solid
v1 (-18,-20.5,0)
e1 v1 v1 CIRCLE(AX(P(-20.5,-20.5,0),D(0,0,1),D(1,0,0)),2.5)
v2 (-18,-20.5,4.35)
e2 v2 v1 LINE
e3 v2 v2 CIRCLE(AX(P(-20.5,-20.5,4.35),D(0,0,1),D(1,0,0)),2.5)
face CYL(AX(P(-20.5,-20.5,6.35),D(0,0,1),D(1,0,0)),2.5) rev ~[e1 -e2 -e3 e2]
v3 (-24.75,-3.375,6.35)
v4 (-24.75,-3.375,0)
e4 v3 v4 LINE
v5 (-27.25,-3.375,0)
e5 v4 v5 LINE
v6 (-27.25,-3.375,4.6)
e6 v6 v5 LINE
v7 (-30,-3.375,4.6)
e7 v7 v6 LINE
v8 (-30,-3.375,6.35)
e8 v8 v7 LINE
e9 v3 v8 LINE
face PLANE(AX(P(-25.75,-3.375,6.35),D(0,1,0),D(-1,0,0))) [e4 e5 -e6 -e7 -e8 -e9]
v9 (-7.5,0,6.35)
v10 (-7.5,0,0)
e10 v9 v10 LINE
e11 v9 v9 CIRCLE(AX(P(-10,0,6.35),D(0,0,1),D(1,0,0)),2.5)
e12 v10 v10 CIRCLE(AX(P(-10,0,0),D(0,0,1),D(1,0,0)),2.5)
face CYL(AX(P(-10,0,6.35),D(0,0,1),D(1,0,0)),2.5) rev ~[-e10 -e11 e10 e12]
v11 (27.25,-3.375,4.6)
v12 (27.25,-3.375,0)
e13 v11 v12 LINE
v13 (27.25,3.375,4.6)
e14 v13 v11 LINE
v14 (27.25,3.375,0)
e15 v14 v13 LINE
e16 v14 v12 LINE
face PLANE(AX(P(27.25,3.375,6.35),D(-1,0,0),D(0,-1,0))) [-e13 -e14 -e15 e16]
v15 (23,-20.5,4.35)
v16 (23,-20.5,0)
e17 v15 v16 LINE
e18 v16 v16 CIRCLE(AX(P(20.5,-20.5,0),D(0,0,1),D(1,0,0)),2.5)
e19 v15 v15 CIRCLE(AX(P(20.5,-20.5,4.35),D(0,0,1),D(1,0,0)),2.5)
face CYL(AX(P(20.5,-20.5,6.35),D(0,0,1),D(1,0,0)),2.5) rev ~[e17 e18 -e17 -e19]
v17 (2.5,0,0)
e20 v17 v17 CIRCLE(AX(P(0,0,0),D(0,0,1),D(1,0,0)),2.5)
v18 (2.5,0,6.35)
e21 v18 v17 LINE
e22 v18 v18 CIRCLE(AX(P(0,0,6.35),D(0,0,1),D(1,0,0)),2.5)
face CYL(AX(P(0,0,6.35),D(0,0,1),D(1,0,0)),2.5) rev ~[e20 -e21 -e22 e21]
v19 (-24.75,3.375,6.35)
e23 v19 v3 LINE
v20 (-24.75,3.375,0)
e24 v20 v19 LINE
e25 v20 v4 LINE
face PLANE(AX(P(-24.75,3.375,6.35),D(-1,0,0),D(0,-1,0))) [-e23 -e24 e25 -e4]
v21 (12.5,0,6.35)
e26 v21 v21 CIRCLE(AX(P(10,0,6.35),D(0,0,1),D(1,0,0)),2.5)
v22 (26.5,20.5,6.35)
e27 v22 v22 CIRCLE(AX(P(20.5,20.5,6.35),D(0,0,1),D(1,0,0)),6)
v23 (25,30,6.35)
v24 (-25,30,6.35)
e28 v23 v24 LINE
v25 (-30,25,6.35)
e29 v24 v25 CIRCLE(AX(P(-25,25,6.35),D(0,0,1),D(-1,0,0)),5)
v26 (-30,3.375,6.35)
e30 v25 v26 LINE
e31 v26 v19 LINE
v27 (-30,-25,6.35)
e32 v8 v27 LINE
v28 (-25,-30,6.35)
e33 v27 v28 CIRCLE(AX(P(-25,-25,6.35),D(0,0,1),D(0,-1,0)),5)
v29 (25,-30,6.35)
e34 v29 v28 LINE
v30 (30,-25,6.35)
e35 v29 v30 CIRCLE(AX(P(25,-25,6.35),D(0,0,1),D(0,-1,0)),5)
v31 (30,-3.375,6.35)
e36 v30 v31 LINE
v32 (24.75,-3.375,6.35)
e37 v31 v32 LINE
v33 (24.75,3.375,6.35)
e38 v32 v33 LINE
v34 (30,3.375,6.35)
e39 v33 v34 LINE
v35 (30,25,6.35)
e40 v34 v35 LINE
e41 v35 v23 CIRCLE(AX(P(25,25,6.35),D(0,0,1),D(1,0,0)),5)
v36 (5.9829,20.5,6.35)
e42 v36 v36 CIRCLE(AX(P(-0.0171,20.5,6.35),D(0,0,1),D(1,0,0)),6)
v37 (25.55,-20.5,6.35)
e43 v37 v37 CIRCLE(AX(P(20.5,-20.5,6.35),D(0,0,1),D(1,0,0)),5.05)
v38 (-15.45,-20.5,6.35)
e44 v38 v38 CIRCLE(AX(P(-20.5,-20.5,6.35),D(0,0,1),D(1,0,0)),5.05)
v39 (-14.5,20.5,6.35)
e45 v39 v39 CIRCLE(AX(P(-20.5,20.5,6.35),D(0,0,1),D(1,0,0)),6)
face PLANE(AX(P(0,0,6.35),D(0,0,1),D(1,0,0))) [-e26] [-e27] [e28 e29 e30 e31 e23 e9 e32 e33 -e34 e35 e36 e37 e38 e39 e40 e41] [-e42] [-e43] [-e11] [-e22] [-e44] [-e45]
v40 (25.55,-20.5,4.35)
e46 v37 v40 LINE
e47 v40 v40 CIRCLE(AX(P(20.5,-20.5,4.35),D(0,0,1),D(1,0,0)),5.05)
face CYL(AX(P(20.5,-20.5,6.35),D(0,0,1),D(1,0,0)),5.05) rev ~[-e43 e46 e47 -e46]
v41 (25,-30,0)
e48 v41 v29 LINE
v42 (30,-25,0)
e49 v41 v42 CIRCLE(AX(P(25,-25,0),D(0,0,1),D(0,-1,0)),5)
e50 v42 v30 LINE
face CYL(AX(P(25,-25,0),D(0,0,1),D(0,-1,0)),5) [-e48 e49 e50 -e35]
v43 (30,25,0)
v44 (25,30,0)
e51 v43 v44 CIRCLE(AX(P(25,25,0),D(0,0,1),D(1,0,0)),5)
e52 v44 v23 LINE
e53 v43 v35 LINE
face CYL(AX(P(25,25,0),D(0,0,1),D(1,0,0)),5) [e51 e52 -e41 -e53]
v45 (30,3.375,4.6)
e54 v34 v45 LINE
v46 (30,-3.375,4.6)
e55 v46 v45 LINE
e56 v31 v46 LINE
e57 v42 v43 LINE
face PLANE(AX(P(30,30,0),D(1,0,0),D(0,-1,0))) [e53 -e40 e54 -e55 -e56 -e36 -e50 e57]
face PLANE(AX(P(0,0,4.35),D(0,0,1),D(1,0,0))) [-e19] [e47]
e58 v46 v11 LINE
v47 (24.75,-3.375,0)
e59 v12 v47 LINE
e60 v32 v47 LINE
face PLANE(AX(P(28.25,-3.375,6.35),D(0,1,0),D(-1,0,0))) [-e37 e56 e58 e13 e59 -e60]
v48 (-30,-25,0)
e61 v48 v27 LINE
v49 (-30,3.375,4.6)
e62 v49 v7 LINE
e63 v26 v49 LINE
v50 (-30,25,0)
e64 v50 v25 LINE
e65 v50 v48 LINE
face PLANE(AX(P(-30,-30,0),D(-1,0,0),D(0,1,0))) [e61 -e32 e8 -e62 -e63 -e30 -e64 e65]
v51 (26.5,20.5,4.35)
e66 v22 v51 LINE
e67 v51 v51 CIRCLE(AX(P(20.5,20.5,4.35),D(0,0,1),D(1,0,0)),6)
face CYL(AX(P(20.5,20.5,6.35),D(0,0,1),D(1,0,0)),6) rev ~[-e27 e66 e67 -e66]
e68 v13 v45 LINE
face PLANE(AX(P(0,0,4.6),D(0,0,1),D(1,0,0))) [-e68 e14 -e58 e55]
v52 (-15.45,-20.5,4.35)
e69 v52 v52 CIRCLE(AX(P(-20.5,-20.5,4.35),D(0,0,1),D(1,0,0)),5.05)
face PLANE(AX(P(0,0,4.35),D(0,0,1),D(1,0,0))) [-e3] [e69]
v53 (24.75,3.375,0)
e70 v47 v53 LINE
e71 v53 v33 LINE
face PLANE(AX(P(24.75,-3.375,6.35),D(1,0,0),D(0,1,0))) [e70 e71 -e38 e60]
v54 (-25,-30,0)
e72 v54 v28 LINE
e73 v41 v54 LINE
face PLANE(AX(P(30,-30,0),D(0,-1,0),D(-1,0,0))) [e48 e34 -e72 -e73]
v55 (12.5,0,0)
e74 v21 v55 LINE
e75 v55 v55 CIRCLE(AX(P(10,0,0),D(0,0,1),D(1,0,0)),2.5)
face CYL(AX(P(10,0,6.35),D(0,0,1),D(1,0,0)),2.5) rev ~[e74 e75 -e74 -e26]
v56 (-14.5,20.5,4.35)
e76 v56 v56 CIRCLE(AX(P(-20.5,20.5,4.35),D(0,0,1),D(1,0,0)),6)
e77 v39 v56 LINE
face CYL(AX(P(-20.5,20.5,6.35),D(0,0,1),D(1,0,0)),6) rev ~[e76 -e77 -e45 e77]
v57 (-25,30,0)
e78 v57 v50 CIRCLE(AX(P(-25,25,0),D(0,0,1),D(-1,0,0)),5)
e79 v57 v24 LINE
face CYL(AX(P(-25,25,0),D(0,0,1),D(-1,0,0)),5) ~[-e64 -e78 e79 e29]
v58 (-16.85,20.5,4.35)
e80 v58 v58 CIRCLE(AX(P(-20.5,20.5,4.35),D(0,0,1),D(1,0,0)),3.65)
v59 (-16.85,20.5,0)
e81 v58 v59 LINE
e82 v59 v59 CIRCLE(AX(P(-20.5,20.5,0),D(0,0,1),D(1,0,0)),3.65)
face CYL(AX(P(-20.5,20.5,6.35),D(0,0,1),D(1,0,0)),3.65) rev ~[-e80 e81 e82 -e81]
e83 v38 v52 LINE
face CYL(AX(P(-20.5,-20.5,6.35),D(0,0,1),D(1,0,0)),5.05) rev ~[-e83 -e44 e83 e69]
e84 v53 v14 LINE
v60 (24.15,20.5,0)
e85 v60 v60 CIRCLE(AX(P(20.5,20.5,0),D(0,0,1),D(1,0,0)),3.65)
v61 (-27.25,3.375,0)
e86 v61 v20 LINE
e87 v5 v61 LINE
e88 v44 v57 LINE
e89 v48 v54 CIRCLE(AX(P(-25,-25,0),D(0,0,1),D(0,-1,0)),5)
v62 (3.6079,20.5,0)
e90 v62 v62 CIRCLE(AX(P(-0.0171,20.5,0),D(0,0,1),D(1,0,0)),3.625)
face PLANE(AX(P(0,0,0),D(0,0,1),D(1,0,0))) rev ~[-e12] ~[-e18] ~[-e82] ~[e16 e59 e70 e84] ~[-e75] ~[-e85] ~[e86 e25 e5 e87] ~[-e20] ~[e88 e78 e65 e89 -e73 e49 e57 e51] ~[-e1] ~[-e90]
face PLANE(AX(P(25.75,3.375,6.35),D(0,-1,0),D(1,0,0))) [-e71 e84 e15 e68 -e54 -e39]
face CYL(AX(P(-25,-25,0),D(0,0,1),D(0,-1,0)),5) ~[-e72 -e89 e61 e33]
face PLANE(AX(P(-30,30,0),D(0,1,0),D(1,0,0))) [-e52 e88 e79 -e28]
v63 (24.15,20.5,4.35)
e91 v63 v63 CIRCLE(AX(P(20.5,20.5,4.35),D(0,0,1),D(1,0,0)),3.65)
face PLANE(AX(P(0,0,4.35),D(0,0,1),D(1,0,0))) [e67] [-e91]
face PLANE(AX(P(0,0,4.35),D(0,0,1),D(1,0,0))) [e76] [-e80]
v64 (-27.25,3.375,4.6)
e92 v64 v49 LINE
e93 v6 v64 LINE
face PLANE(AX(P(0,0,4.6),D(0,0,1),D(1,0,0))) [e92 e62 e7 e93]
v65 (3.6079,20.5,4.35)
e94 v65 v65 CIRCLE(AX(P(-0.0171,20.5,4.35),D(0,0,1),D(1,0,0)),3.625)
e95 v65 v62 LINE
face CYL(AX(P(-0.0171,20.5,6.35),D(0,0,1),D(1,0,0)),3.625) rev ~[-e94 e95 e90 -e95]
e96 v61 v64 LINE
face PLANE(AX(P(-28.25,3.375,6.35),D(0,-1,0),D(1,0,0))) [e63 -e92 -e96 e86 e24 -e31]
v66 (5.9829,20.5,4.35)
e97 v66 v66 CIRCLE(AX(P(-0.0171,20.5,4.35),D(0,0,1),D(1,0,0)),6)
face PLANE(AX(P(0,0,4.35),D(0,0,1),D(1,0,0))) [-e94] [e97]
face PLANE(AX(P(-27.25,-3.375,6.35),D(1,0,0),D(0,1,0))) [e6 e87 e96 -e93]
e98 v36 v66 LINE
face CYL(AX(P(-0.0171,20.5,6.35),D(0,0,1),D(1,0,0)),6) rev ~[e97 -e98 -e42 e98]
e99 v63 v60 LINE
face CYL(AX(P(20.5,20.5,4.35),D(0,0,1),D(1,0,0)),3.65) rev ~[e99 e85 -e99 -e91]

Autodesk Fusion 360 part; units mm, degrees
sketch "Sketch1" plane through (0, 0, 0) normal (0, 0, 1) x (1, 0, 0)
  line L0 (30, -30) -> (-30, -30)
  line L1 (-30, -30) -> (-30, 30)
  line L2 (-30, 30) -> (30, 30)
  line L3 (30, 30) -> (30, -30)
  line L4 (30, -30) -> (-30, 30) construction
  line L5 (-30, -30) -> (30, 30) construction
  dimension "d1" = 60
  dimension "d2" = 60
extrude "Extrude1" add sketch "Sketch1" along normal blind 6.35
sketch "Sketch2" plane through (0, 0, 6.35) normal (0, 0, 1) x (1, 0, 0)
  line L0 (30, 30) -> (-30, 30)
  line L1 (-30, 30) -> (-30, -30)
  line L2 (-30, -30) -> (30, -30)
  line L3 (30, -30) -> (30, 30)
  line L4 (20.5, -20.5) -> (-20.5, -20.5)
  line L5 (-20.5, -20.5) -> (-20.5, 20.5)
  line L6 (-20.5, 20.5) -> (20.5, 20.5)
  line L7 (20.5, 20.5) -> (20.5, -20.5)
  line L8 (20.5, -20.5) -> (-20.5, 20.5) construction
  line L9 (-20.5, -20.5) -> (20.5, 20.5) construction
  circle A0 centre (-20.5, 20.5) radius 3.575
  circle A1 centre (20.5, 20.5) radius 3.575
  circle A2 centre (20.5, -20.5) radius 2.5
  circle A3 centre (-20.5, -20.5) radius 2.5
  dimension "d5" = 41
  dimension "d6" = 41
  dimension "d7" = 7.15
  dimension "d8" = 7.15
  dimension "d9" = 5
  dimension "d10" = 5
extrude "Extrude2" cut sketch "Sketch2" against normal through all contours L4 L5 A3 | L4 L5 A3 | L4 L7 A2 | L4 L7 A2 | L5 L6 A0 | L5 L6 A0 | L6 L7 A1 | L6 L7 A1
sketch "Sketch3" plane through (0, 0, 6.35) normal (0, 0, 1) x (1, 0, 0)
  circle A0 centre (-20.5, -20.5) radius 2.5
  circle A1 centre (-20.5, 20.5) radius 3.575
  circle A2 centre (20.5, -20.5) radius 2.5
  circle A3 centre (20.5, 20.5) radius 3.575
  line L0 (30, 30) -> (-30, 30)
  line L1 (-30, 30) -> (-30, -30)
  line L2 (-30, -30) -> (30, -30)
  line L3 (30, -30) -> (30, 30)
  circle A4 centre (-20.5, -20.5) radius 5.05
  circle A5 centre (20.5, -20.5) radius 5.05
  circle A6 centre (20.5, 20.5) radius 5.05
  circle A7 centre (-20.5, 20.5) radius 5.05
  dimension "d12" = 10.1
  dimension "d13" = 10.1
  dimension "d14" = 10.1
  dimension "d15" = 10.1
extrude "Extrude3" cut sketch "Sketch3" against normal blind 2 contours A4 | A5 | A6 | A7
fillet "Fillet1" radius 5 2 edges at (30, -30, 3.175) (30, 30, 3.175)
fillet "Fillet2" radius 5 2 edges at (-30, 30, 3.175) (-30, -30, 3.175)
sketch "Sketch4" plane through (0, 0, 6.35) normal (0, 0, 1) x (1, 0, 0)
  arc A0 (-30, -25) -> (-25, -30) centre (-25, -25) ccw
  line L0 (-25, -30) -> (25, -30)
  arc A1 (25, -30) -> (30, -25) centre (25, -25) ccw
  line L1 (30, -25) -> (30, 25)
  arc A2 (30, 25) -> (25, 30) centre (25, 25) ccw
  line L2 (25, 30) -> (-25, 30)
  arc A3 (-25, 30) -> (-30, 25) centre (-25, 25) ccw
  line L3 (-30, 25) -> (-30, -25)
  circle A4 centre (20.5, 20.5) radius 5.05
  circle A5 centre (20.5, -20.5) radius 5.05
  circle A6 centre (-20.5, 20.5) radius 5.05
  circle A7 centre (-20.5, -20.5) radius 5.05
  circle A8 centre (0, 0) radius 2.5
  circle A9 centre (10, 0) radius 2.5
  circle A10 centre (-10, 0) radius 2.5
  line L4 (-25.75, -3.375) -> (-28.25, -3.375)
  line L5 (-28.25, -3.375) -> (-28.25, 3.375)
  line L6 (-28.25, 3.375) -> (-25.75, 3.375)
  line L7 (-25.75, 3.375) -> (-25.75, -3.375)
  line L8 (-25.75, -3.375) -> (-28.25, 3.375) construction
  line L9 (-28.25, -3.375) -> (-25.75, 3.375) construction
  line L10 (28.25, -3.375) -> (25.75, -3.375)
  line L11 (25.75, -3.375) -> (25.75, 3.375)
  line L12 (25.75, 3.375) -> (28.25, 3.375)
  line L13 (28.25, 3.375) -> (28.25, -3.375)
  line L14 (28.25, -3.375) -> (25.75, 3.375) construction
  line L15 (25.75, -3.375) -> (28.25, 3.375) construction
  point P0 (-27, 0)
  point P1 (27, 0)
  dimension "d20" = 5
  dimension "d21" = 5
  dimension "d22" = 5
  dimension "d23" = 6.75
  dimension "d24" = 2.5
  dimension "d25" = 6.75
  dimension "d26" = 2.5
extrude "Extrude4" cut sketch "Sketch4" against normal through all contours A8 | A9 | A10 | L4 L5 L6 L7 | L10 L11 L12 L13
sketch "Sketch5" plane through (0, 0, 6.35) normal (0, 0, 1) x (1, 0, 0)
  circle A0 centre (0, 0) radius 2.5
  circle A1 centre (-10, 0) radius 2.5
  circle A2 centre (10, 0) radius 2.5
  line L0 (-25.75, 3.375) -> (-25.75, -3.375)
  line L1 (-25.75, -3.375) -> (-28.25, -3.375)
  line L2 (-28.25, -3.375) -> (-28.25, 3.375)
  line L3 (-28.25, 3.375) -> (-25.75, 3.375)
  line L4 (28.25, 3.375) -> (28.25, -3.375)
  line L5 (28.25, -3.375) -> (25.75, -3.375)
  line L6 (25.75, -3.375) -> (25.75, 3.375)
  line L7 (25.75, 3.375) -> (28.25, 3.375)
  arc A3 (-30, -25) -> (-25, -30) centre (-25, -25) ccw
  line L8 (-25, -30) -> (25, -30)
  arc A4 (25, -30) -> (30, -25) centre (25, -25) ccw
  line L9 (30, -25) -> (30, 25)
  arc A5 (30, 25) -> (25, 30) centre (25, 25) ccw
  line L10 (25, 30) -> (-25, 30)
  arc A6 (-25, 30) -> (-30, 25) centre (-25, 25) ccw
  line L11 (-30, 25) -> (-30, -25)
  circle A7 centre (20.5, 20.5) radius 5.05
  circle A8 centre (20.5, -20.5) radius 5.05
  circle A9 centre (-20.5, 20.5) radius 5.05
  circle A10 centre (-20.5, -20.5) radius 5.05
  circle A11 centre (-20.5, 20.5) radius 6
  circle A12 centre (20.5, 20.5) radius 6
  dimension "d28" = 12
  dimension "d29" = 12
extrude "Extrude5" cut sketch "Sketch5" against normal blind 2 contours A11 | A12
sketch "Sketch6" plane through (0, 0, 6.35) normal (0, 0, 1) x (1, 0, 0)
  circle A0 centre (-20.5, 20.5) radius 6
  circle A1 centre (20.5, 20.5) radius 6
  circle A2 centre (0, 0) radius 2.5
  circle A3 centre (-10, 0) radius 2.5
  circle A4 centre (10, 0) radius 2.5
  line L0 (-25.75, 3.375) -> (-25.75, -3.375)
  line L1 (-25.75, -3.375) -> (-28.25, -3.375)
  line L2 (-28.25, -3.375) -> (-28.25, 3.375)
  line L3 (-28.25, 3.375) -> (-25.75, 3.375)
  line L4 (28.25, 3.375) -> (28.25, -3.375)
  line L5 (28.25, -3.375) -> (25.75, -3.375)
  line L6 (25.75, -3.375) -> (25.75, 3.375)
  line L7 (25.75, 3.375) -> (28.25, 3.375)
  arc A5 (-30, -25) -> (-25, -30) centre (-25, -25) ccw
  line L8 (-25, -30) -> (25, -30)
  arc A6 (25, -30) -> (30, -25) centre (25, -25) ccw
  line L9 (30, -25) -> (30, 25)
  arc A7 (30, 25) -> (25, 30) centre (25, 25) ccw
  line L10 (25, 30) -> (-25, 30)
  arc A8 (-25, 30) -> (-30, 25) centre (-25, 25) ccw
  line L11 (-30, 25) -> (-30, -25)
  circle A9 centre (20.5, -20.5) radius 5.05
  circle A10 centre (-20.5, -20.5) radius 5.05
  circle A11 centre (-20.5, 20.5) radius 3.65
  circle A12 centre (20.5, 20.5) radius 3.65
  dimension "d32" = 7.3
  dimension "d33" = 7.3
extrude "Extrude6" cut sketch "Sketch6" against normal through all contours A11
sketch "Sketch7" plane through (0, 0, 4.35) normal (0, 0, 1) x (1, 0, 0)
  circle A0 centre (20.5, 20.5) radius 6
  circle A1 centre (20.5, 20.5) radius 3.575
  circle A2 centre (20.5, 20.5) radius 3.65
  dimension "d35" = 7.3
extrude "Extrude7" cut sketch "Sketch7" against normal through all contours A2
move_face "OffsetFaces1" offset -1 1 faces at (-25.75, 1.125, 4.2333)
move_face "OffsetFaces2" offset 1 1 faces at (28.25, -1.125, 2.1167)
move_face "OffsetFaces3" offset 1 1 faces at (-28.25, 1.125, 2.1167)
move_face "OffsetFaces4" offset -1 1 faces at (25.75, 1.125, 2.1167)
sketch "Sketch9" plane through (0, 0, 6.35) normal (0, 0, 1) x (1, 0, 0)
  circle A0 centre (-20.5, 20.5) radius 6
  circle A1 centre (20.5, 20.5) radius 6
  circle A2 centre (0, 0) radius 2.5
  circle A3 centre (-10, 0) radius 2.5
  circle A4 centre (10, 0) radius 2.5
  line L0 (-24.75, 3.375) -> (-24.75, -3.375)
  line L1 (-24.75, -3.375) -> (-27.25, -3.375)
  line L2 (-27.25, -3.375) -> (-27.25, 3.375)
  line L3 (-27.25, 3.375) -> (-24.75, 3.375)
  line L4 (27.25, 3.375) -> (27.25, -3.375)
  line L5 (27.25, -3.375) -> (24.75, -3.375)
  line L6 (24.75, -3.375) -> (24.75, 3.375)
  line L7 (24.75, 3.375) -> (27.25, 3.375)
  arc A5 (-30, -25) -> (-25, -30) centre (-25, -25) ccw
  line L8 (-25, -30) -> (25, -30)
  arc A6 (25, -30) -> (30, -25) centre (25, -25) ccw
  line L9 (30, -25) -> (30, 25)
  arc A7 (30, 25) -> (25, 30) centre (25, 25) ccw
  line L10 (25, 30) -> (-25, 30)
  arc A8 (-25, 30) -> (-30, 25) centre (-25, 25) ccw
  line L11 (-30, 25) -> (-30, -25)
  circle A9 centre (20.5, -20.5) radius 5.05
  circle A10 centre (-20.5, -20.5) radius 5.05
  line L12 (-27.25, 3.375) -> (-30, 3.375)
  line L13 (-30, 3.375) -> (-30, -3.375)
  line L14 (-30, -3.375) -> (-27.25, -3.375)
  line L15 (-27.25, -3.375) -> (-27.25, 3.375)
  circle A11 centre (-0.0171, 20.5) radius 3.625
  dimension "d48" = 6.75
  dimension "d51" = 7.25
extrude "Extrude9" cut sketch "Sketch9" against normal blind 1.75 contours L2 L11 L12 L13 L14 L15
sketch "Sketch10" plane through (0, 0, 6.35) normal (0, 0, 1) x (1, 0, 0)
  line L0 (-30, -3.375) -> (-30, -25)
  arc A0 (-30, -25) -> (-25, -30) centre (-25, -25) ccw
  line L1 (-25, -30) -> (25, -30)
  arc A1 (25, -30) -> (30, -25) centre (25, -25) ccw
  line L2 (30, -25) -> (30, 25)
  arc A2 (30, 25) -> (25, 30) centre (25, 25) ccw
  line L3 (25, 30) -> (-25, 30)
  arc A3 (-25, 30) -> (-30, 25) centre (-25, 25) ccw
  line L4 (-30, 25) -> (-30, 3.375)
  line L5 (-30, 3.375) -> (-24.75, 3.375)
  line L6 (-24.75, 3.375) -> (-24.75, -3.375)
  line L7 (-24.75, -3.375) -> (-30, -3.375)
  circle A4 centre (-20.5, 20.5) radius 6
  circle A5 centre (20.5, 20.5) radius 6
  circle A6 centre (0, 0) radius 2.5
  circle A7 centre (-10, 0) radius 2.5
  circle A8 centre (10, 0) radius 2.5
  line L8 (27.25, 3.375) -> (27.25, -3.375)
  line L9 (27.25, -3.375) -> (24.75, -3.375)
  line L10 (24.75, -3.375) -> (24.75, 3.375)
  line L11 (24.75, 3.375) -> (27.25, 3.375)
  circle A9 centre (20.5, -20.5) radius 5.05
  circle A10 centre (-20.5, -20.5) radius 5.05
  line L12 (27.25, 3.375) -> (30, 3.375)
  line L13 (30, 3.375) -> (30, -3.375)
  line L14 (30, -3.375) -> (27.25, -3.375)
  line L15 (27.25, -3.375) -> (27.25, 3.375)
  dimension "d45" = 6.75
extrude "Extrude10" cut sketch "Sketch10" against normal blind 1.75 contours L2 L8 L12 L13 L14 L15
extrude "Extrude11" cut sketch "Sketch9" against normal blind 1.75 contours L2 L11 L12 L13 L14 L15
extrude "Extrude12" cut sketch "Sketch9" against normal through all contours A11
sketch "Sketch11" plane through (0, 0, 6.35) normal (0, 0, 1) x (1, 0, 0)
  circle A0 centre (-0.0171, 20.5) radius 3.625
  line L0 (30, -3.375) -> (24.75, -3.375)
  line L1 (24.75, -3.375) -> (24.75, 3.375)
  line L2 (24.75, 3.375) -> (30, 3.375)
  line L3 (30, 3.375) -> (30, 25)
  arc A1 (30, 25) -> (25, 30) centre (25, 25) ccw
  line L4 (25, 30) -> (-25, 30)
  arc A2 (-25, 30) -> (-30, 25) centre (-25, 25) ccw
  line L5 (-30, 25) -> (-30, 3.375)
  line L6 (-30, 3.375) -> (-24.75, 3.375)
  line L7 (-24.75, 3.375) -> (-24.75, -3.375)
  line L8 (-24.75, -3.375) -> (-30, -3.375)
  line L9 (-30, -3.375) -> (-30, -25)
  arc A3 (-30, -25) -> (-25, -30) centre (-25, -25) ccw
  line L10 (-25, -30) -> (25, -30)
  arc A4 (25, -30) -> (30, -25) centre (25, -25) ccw
  line L11 (30, -25) -> (30, -3.375)
  circle A5 centre (-20.5, -20.5) radius 5.05
  circle A6 centre (20.5, -20.5) radius 5.05
  circle A7 centre (10, 0) radius 2.5
  circle A8 centre (-10, 0) radius 2.5
  circle A9 centre (0, 0) radius 2.5
  circle A10 centre (20.5, 20.5) radius 6
  circle A11 centre (-20.5, 20.5) radius 6
  circle A12 centre (-0.0171, 20.5) radius 6
  dimension "d53" = 12
extrude "Extrude13" cut sketch "Sketch11" against normal blind 2 contours A12
sketch "Sketch12" plane through (0, 0, 6.35) normal (0, 0, 1) x (1, 0, 0)
  circle A0 centre (-0.0171, 20.5) radius 6
  line L0 (30, -3.375) -> (24.75, -3.375)
  line L1 (24.75, -3.375) -> (24.75, 3.375)
  line L2 (24.75, 3.375) -> (30, 3.375)
  line L3 (30, 3.375) -> (30, 25)
  arc A1 (30, 25) -> (25, 30) centre (25, 25) ccw
  line L4 (25, 30) -> (-25, 30)
  arc A2 (-25, 30) -> (-30, 25) centre (-25, 25) ccw
  line L5 (-30, 25) -> (-30, 3.375)
  line L6 (-30, 3.375) -> (-24.75, 3.375)
  line L7 (-24.75, 3.375) -> (-24.75, -3.375)
  line L8 (-24.75, -3.375) -> (-30, -3.375)
  line L9 (-30, -3.375) -> (-30, -25)
  arc A3 (-30, -25) -> (-25, -30) centre (-25, -25) ccw
  line L10 (-25, -30) -> (25, -30)
  arc A4 (25, -30) -> (30, -25) centre (25, -25) ccw
  line L11 (30, -25) -> (30, -3.375)
  circle A5 centre (-20.5, -20.5) radius 5.05
  circle A6 centre (20.5, -20.5) radius 5.05
  circle A7 centre (10, 0) radius 2.5
  circle A8 centre (-10, 0) radius 2.5
  circle A9 centre (0, 0) radius 2.5
  circle A10 centre (20.5, 20.5) radius 6
  circle A11 centre (-20.5, 20.5) radius 6
